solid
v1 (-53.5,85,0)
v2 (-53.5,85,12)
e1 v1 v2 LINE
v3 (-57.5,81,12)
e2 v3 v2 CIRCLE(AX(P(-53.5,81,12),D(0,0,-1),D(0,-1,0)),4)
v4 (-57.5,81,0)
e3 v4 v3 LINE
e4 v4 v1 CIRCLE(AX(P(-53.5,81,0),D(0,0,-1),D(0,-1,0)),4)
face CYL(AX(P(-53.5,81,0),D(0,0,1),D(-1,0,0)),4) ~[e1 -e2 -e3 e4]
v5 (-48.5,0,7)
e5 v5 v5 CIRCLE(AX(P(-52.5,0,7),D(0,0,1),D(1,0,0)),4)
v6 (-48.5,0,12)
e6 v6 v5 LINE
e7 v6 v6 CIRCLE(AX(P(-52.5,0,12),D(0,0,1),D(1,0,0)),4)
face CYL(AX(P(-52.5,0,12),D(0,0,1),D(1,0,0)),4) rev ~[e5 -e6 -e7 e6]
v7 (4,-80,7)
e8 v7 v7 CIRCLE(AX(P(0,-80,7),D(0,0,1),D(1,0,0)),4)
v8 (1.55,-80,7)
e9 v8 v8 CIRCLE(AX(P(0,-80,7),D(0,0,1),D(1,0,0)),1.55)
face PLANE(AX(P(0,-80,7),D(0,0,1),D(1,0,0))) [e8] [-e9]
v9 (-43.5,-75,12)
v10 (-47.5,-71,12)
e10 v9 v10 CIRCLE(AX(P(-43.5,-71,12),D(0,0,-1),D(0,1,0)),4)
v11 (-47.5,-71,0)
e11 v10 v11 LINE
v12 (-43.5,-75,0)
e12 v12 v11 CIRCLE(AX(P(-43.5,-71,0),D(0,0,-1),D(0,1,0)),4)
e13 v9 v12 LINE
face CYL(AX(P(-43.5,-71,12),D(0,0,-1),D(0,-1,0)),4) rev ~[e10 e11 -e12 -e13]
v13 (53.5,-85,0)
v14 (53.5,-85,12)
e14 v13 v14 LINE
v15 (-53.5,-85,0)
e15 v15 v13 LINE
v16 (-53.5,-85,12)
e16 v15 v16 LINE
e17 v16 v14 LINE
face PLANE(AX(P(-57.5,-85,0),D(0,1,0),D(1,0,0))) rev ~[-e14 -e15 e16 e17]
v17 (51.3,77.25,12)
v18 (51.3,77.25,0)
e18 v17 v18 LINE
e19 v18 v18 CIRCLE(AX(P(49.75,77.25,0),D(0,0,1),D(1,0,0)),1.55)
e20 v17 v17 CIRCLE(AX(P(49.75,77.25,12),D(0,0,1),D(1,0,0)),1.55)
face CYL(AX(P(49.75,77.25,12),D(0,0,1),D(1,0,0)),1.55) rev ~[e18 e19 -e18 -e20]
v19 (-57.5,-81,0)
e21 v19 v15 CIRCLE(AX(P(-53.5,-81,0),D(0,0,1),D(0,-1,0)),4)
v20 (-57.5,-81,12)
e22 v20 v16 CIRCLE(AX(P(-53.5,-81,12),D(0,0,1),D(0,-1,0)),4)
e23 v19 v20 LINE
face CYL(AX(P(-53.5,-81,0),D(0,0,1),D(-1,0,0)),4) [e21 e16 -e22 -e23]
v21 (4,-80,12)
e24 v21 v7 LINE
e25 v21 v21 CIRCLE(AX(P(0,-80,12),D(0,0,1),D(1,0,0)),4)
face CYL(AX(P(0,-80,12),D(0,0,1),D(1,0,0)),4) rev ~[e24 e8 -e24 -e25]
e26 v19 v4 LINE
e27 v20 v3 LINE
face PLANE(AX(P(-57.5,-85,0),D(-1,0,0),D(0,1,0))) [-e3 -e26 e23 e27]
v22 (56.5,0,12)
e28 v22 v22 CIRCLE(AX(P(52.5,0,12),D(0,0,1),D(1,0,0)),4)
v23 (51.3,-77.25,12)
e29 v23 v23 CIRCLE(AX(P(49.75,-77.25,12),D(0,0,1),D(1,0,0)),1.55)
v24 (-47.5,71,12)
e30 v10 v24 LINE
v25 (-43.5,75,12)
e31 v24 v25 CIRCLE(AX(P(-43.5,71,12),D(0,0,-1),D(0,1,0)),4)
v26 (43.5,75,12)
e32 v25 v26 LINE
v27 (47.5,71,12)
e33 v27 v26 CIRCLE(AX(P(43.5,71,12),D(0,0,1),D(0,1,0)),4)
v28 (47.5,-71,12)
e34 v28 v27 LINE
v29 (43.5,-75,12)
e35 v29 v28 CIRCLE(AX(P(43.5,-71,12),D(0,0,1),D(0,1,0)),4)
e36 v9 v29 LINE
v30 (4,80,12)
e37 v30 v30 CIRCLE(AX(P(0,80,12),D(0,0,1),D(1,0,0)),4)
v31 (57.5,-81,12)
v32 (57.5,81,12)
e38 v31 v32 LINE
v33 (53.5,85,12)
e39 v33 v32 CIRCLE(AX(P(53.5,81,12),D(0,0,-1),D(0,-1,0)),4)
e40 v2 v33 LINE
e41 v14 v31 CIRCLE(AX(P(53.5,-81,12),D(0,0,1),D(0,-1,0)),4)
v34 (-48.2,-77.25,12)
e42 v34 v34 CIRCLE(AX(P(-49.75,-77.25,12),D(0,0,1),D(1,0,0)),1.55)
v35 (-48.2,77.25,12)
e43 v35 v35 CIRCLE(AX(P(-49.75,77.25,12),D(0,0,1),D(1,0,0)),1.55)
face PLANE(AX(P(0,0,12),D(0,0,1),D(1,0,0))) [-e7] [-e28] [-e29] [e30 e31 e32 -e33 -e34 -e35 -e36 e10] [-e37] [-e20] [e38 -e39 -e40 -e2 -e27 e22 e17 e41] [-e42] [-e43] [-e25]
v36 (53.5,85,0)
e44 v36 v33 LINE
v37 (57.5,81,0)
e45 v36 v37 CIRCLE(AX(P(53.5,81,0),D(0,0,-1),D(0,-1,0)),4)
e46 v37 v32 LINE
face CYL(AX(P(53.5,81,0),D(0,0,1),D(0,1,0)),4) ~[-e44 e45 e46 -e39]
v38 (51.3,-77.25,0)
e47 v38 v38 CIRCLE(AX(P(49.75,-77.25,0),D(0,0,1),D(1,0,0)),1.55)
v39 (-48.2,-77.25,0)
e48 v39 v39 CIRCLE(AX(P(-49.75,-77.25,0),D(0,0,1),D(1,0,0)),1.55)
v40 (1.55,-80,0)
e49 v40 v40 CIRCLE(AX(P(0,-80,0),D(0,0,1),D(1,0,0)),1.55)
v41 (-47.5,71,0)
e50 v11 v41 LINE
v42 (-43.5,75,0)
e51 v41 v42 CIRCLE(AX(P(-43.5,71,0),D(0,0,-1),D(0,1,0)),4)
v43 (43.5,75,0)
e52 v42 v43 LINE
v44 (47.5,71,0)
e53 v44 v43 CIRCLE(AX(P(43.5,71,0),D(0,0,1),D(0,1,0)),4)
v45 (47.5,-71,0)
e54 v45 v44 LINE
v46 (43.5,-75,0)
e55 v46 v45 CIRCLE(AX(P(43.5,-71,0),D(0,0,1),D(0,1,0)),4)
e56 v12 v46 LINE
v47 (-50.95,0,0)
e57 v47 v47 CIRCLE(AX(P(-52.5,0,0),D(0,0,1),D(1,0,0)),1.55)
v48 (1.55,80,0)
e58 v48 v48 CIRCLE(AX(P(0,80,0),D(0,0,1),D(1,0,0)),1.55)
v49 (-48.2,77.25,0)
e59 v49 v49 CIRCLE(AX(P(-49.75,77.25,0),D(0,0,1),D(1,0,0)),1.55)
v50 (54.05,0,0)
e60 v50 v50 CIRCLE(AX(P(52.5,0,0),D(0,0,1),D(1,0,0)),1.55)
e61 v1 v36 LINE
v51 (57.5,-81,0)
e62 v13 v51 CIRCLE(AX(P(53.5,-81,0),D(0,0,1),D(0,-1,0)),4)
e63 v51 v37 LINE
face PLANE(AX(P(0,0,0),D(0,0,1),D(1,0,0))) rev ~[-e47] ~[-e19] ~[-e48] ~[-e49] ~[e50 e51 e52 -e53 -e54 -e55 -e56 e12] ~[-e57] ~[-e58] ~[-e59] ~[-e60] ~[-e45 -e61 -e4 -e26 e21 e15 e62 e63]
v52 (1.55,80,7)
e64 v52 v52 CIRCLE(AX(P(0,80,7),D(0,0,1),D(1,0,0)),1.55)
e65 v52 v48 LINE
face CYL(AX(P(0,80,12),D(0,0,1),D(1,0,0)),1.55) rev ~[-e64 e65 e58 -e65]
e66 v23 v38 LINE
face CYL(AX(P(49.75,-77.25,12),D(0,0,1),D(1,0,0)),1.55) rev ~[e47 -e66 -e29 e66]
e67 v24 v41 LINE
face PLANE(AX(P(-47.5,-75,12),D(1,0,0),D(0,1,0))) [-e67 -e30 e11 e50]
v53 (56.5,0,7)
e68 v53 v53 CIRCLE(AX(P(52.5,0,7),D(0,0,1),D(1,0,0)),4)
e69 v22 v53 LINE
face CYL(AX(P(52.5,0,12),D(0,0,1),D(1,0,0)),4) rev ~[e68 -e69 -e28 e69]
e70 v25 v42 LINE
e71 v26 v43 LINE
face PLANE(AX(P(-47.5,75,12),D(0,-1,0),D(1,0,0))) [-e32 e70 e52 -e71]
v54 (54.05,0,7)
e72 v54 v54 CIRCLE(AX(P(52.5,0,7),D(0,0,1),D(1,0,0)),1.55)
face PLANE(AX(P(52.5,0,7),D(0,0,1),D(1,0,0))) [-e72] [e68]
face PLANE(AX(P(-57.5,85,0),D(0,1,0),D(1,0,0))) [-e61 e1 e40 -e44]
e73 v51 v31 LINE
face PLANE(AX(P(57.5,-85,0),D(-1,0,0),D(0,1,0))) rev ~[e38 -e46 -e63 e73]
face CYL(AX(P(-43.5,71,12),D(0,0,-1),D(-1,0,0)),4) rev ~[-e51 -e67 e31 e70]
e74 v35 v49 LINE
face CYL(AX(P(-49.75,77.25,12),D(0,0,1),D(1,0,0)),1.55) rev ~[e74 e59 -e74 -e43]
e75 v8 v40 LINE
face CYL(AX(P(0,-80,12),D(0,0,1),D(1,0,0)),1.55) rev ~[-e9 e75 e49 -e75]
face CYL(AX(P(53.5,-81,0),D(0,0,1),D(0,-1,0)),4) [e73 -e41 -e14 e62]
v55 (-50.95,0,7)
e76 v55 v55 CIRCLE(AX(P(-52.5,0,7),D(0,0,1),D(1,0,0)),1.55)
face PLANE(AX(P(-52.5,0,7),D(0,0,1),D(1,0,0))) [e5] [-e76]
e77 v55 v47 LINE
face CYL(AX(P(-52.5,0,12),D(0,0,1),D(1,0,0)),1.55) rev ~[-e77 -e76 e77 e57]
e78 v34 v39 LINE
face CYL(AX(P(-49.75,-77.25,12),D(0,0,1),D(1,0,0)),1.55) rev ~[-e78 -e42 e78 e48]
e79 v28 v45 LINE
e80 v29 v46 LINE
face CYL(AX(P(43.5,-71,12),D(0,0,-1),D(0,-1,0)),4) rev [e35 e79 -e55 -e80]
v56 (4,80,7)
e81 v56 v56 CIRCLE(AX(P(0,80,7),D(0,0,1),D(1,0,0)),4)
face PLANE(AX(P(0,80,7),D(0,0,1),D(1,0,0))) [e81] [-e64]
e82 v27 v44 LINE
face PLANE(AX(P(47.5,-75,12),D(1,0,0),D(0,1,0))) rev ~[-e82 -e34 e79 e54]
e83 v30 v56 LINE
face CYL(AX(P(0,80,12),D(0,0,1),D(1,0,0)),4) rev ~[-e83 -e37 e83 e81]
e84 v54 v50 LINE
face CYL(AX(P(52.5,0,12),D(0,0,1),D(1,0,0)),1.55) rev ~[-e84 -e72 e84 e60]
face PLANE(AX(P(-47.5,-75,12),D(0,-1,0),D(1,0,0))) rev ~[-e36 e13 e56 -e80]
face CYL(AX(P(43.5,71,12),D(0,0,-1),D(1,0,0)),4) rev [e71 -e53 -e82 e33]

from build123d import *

# Parameters (mm, degrees)
F0_W      = 115
F0_H      = 170
F1_DEPTH  = 12
F2_W      = 95
F2_H      = 150
F3_DEPTH  = 12.001
F4_R      = 1.55
F5_DEPTH  = 12.001
F6_R      = 4
F7_R      = 1.55
F8_DEPTH  = 12.001
F9_R      = 4
F10_DEPTH = 5


with BuildPart() as f1:
    # F0 (on Top) → F1 (new body)
    with BuildSketch(Plane.XY):
        Rectangle(F0_W, F0_H)
    extrude(amount=F1_DEPTH)

    # F2 (on face) → F3 (cut, through all)
    with BuildSketch(Plane.XY.offset(12)):
        Rectangle(F2_W, F2_H)
    extrude(amount=-F3_DEPTH, mode=Mode.SUBTRACT)

    # F4 (on face) → F5 (cut, through all)
    with BuildSketch(Plane.XY.offset(12)):
        with Locations((0, 80)):
            Circle(F4_R)
        with Locations((0, -80)):
            Circle(F4_R)
        with Locations((52.5, 0)):
            Circle(F4_R)
        with Locations((-52.5, 0)):
            Circle(F4_R)
    extrude(amount=-F5_DEPTH, mode=Mode.SUBTRACT)

    # F6
    f6_edges = [f1.edges().sort_by_distance(p)[0] for p in [
        (47.5, 75, 6),
        (-47.5, 75, 6),
        (57.5, 85, 6),
        (57.5, -85, 6),
        (-57.5, -85, 6),
        (-57.5, 85, 6),
        (47.5, -75, 6),
        (-47.5, -75, 6),
    ]]
    fillet(f6_edges, radius=F6_R)

    # F7 (on face) → F8 (cut, through all)
    with BuildSketch(Plane.XY.offset(12)):
        with Locations((-49.75, 77.25)):
            Circle(F7_R)
        with Locations((49.75, 77.25)):
            Circle(F7_R)
        with Locations((49.75, -77.25)):
            Circle(F7_R)
        with Locations((-49.75, -77.25)):
            Circle(F7_R)
    extrude(amount=-F8_DEPTH, mode=Mode.SUBTRACT)

    # F9 (on face) → F10 (cut)
    with BuildSketch(Plane.XY.offset(12)):
        with Locations((0, 80)):
            Circle(F9_R)
        with Locations((-52.5, 0)):
            Circle(F9_R)
        with Locations((0, -80)):
            Circle(F9_R)
        with Locations((52.5, 0)):
            Circle(F9_R)
    extrude(amount=-F10_DEPTH, mode=Mode.SUBTRACT)


solid = f1.part
